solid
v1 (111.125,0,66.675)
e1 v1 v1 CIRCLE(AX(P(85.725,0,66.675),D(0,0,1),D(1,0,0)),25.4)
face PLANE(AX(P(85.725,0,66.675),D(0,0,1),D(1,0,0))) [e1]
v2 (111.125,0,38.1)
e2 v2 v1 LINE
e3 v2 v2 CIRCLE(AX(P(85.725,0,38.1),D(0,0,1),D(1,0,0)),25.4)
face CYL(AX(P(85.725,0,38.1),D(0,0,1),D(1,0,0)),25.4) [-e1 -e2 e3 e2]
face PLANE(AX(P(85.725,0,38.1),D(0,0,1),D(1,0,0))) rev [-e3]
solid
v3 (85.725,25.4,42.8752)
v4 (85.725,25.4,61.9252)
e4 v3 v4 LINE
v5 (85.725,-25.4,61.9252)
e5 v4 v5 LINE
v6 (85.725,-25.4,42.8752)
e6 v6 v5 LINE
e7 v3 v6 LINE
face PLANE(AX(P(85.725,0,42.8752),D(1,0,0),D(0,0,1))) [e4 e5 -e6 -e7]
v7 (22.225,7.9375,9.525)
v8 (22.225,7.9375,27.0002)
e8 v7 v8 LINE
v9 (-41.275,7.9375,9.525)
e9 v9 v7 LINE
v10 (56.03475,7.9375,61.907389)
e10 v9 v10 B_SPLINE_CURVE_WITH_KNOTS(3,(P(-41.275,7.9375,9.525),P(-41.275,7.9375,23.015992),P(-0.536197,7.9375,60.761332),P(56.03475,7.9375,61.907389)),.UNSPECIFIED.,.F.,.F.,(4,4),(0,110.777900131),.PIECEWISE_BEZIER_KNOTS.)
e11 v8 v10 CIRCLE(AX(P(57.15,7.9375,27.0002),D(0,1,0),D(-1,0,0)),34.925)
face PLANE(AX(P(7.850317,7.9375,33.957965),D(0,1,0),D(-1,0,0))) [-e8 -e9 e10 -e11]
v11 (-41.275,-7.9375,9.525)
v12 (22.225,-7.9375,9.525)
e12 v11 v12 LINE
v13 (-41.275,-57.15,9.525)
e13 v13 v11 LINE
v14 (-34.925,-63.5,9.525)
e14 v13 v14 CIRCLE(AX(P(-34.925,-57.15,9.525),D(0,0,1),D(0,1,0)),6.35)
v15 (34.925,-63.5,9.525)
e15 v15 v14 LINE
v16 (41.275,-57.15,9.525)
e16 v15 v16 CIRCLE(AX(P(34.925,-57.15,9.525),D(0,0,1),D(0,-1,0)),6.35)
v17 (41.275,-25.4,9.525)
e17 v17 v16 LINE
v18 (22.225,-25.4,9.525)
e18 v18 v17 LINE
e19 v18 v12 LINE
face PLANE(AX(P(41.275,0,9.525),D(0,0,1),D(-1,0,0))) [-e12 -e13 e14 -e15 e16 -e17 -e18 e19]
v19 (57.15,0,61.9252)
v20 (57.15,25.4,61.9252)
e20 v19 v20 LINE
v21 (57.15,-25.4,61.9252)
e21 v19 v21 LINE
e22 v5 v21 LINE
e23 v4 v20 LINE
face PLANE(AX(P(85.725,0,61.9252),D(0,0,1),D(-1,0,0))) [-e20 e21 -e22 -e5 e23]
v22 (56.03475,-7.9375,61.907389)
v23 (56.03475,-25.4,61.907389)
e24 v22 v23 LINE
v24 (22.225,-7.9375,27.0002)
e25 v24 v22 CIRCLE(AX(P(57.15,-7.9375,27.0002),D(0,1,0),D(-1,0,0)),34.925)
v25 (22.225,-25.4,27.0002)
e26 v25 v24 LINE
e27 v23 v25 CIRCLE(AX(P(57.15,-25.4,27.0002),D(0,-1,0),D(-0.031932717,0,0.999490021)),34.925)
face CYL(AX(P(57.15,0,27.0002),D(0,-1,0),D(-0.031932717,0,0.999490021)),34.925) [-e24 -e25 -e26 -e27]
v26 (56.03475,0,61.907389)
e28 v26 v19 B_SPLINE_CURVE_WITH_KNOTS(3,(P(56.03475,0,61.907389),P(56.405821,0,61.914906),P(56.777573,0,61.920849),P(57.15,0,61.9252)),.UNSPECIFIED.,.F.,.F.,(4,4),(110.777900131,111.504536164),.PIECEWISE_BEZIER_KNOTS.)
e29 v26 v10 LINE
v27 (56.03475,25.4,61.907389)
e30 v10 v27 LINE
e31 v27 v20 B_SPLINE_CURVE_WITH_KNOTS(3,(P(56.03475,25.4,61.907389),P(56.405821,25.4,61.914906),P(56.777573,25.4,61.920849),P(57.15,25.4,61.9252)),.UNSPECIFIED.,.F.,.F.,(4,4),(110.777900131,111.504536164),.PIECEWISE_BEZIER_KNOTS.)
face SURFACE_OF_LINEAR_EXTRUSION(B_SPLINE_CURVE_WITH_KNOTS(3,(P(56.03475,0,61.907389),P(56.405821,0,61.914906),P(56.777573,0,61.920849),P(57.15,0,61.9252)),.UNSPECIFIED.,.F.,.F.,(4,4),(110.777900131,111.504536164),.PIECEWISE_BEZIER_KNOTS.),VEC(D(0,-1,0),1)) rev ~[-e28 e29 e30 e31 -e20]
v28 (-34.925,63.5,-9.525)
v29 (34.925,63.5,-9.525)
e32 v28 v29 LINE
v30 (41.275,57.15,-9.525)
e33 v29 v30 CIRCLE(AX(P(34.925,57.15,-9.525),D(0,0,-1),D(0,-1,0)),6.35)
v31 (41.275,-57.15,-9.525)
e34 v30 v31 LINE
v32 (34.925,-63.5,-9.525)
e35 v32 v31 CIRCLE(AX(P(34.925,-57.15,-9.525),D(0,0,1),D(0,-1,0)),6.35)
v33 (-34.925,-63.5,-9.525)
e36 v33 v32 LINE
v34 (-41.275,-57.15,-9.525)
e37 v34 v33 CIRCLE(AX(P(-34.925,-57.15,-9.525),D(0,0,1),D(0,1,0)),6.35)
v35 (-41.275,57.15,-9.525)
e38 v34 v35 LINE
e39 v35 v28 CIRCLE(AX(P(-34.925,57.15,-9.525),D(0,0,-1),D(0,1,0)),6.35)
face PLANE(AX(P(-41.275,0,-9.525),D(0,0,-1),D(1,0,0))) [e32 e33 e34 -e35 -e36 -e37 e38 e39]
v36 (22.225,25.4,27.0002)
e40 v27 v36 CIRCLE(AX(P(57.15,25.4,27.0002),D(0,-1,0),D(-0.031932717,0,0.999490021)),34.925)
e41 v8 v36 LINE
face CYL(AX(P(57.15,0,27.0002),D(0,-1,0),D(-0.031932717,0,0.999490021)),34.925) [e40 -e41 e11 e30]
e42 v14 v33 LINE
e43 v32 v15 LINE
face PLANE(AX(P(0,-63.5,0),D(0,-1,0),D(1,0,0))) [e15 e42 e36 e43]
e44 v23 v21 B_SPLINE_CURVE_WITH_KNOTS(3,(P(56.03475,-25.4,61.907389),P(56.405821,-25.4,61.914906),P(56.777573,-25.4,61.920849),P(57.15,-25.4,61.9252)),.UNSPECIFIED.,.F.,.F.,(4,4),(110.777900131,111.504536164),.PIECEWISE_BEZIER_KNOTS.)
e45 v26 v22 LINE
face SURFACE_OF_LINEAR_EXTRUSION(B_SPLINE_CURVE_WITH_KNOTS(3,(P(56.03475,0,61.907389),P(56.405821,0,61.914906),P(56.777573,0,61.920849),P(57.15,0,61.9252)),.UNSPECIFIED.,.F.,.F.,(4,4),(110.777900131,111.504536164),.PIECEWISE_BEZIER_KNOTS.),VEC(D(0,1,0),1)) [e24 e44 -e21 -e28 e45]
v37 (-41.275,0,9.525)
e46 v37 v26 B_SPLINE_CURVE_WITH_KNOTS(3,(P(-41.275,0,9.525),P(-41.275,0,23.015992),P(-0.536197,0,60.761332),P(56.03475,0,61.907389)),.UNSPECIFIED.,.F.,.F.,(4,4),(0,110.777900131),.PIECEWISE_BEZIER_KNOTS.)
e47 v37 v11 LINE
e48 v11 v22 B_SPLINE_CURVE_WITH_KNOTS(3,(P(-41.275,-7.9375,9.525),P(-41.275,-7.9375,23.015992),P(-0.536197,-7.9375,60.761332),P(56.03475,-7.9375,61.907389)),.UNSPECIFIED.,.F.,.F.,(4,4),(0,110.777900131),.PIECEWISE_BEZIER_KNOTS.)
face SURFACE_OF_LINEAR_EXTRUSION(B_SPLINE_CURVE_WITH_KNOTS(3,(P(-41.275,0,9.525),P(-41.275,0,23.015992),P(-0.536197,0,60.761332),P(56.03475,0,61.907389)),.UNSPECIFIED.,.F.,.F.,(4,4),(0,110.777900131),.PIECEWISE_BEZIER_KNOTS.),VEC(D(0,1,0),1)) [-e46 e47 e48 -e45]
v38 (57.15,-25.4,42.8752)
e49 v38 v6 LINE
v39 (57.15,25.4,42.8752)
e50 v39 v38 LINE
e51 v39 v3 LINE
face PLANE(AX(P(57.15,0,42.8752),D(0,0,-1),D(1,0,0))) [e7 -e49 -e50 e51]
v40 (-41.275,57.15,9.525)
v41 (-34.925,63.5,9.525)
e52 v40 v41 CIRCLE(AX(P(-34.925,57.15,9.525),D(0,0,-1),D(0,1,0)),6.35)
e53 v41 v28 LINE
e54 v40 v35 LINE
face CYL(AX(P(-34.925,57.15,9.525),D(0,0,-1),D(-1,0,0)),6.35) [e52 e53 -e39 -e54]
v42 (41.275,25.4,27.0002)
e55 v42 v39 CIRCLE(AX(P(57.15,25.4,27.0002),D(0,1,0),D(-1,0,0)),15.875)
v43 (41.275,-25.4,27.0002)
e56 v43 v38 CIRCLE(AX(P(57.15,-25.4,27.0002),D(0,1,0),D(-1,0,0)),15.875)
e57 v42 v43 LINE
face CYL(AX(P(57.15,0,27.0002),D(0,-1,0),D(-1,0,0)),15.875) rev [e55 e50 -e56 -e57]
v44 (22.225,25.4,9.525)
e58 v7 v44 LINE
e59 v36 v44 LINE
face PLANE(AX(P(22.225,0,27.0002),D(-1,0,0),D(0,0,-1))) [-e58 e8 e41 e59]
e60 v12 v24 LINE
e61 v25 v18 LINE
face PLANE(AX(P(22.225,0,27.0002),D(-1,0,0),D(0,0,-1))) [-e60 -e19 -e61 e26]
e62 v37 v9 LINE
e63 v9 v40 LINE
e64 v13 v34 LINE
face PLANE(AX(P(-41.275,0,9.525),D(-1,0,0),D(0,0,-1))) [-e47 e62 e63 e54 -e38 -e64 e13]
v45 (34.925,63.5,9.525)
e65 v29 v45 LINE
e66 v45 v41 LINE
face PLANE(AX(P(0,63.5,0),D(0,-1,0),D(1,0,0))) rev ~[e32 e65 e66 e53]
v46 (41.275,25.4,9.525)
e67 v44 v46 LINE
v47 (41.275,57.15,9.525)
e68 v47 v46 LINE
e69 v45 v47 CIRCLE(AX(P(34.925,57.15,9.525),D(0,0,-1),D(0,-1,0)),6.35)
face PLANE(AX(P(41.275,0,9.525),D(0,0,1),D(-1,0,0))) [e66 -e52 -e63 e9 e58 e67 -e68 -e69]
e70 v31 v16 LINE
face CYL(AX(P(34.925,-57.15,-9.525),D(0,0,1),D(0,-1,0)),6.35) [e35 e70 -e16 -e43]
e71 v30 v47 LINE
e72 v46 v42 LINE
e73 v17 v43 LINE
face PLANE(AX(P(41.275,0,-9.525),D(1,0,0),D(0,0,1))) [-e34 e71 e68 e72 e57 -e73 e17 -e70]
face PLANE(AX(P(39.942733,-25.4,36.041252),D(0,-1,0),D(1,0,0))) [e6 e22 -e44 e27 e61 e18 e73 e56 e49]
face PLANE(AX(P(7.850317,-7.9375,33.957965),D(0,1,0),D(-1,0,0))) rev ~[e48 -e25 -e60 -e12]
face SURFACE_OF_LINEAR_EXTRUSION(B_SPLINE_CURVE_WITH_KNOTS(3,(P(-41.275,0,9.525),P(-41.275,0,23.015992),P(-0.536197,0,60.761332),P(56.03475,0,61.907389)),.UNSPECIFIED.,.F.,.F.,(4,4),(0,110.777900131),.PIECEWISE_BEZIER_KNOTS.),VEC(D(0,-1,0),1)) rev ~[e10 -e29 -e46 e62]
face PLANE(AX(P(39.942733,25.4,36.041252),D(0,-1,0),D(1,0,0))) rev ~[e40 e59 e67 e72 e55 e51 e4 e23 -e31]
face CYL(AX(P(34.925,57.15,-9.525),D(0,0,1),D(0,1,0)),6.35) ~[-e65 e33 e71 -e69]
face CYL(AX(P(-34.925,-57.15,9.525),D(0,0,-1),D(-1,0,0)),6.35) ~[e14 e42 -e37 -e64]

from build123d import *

# Parameters (mm, degrees)
F1_DEPTH = 63.5
F0_W     = 25.4
F0_H     = 19.05
F2_DEPTH = 25.4
F3_DEPTH = 7.9375
F5_R     = 6.35


with BuildPart() as f1:
    # F0 (on Front) → F1 (new body, symmetric)
    with BuildSketch(Plane.XZ):
        Polygon((-41.275, -9.525), (41.275, -9.525), (41.275, 9.525), (22.225, 9.525), (-41.275, 9.525), align=None)
    extrude(amount=F1_DEPTH, both=True)

    # F0 (on Front) → F2 (join, symmetric)
    with BuildSketch(Plane.XZ):
        with BuildLine():
            Line((22.225, 9.525), (41.275, 9.525))
            Line((41.275, 9.525), (41.275, 27.0002))
            ThreePointArc((41.275, 27.0002), (45.9246798487, 38.2255201513), (57.15, 42.8752))
            Line((57.15, 42.8752), (60.325, 42.8752))
            Line((60.325, 42.8752), (60.325, 61.9252))
            Line((60.325, 61.9252), (57.15, 61.9252))
            add(Edge.make_bspline(
                [(56.0347498693, 61.9073889751), (56.4058210674, 61.9149064167), (56.7775734541, 61.9208491497), (57.15, 61.9252)],
                knots=[110.777900131, 110.777900131, 110.777900131, 110.777900131, 111.5045361635, 111.5045361635, 111.5045361635, 111.5045361635], degree=3))
            ThreePointArc((56.0347498693, 61.9073889751), (32.063093696, 51.2984048121), (22.225, 27.0002))
            Line((22.225, 27.0002), (22.225, 9.525))
        make_face()
        with Locations((73.025, 52.4002)):
            Rectangle(F0_W, F0_H)
    extrude(amount=F2_DEPTH, both=True)

    # F0 (on Front) → F3 (join, symmetric)
    with BuildSketch(Plane.XZ):
        with BuildLine():
            add(Edge.make_bspline(
                [(-41.275, 9.525), (-41.275, 23.015992373), (-0.5361966411, 60.7613318692), (56.0347498693, 61.9073889751)],
                knots=[0, 0, 0, 0, 110.777900131, 110.777900131, 110.777900131, 110.777900131], degree=3))
            Line((-41.275, 9.525), (22.225, 9.525))
            Line((22.225, 9.525), (22.225, 27.0002))
            ThreePointArc((22.225, 27.0002), (32.063093696, 51.2984048121), (56.0347498693, 61.9073889751))
        make_face()
    extrude(amount=F3_DEPTH, both=True)

    # F5
    f5_edges = [f1.edges().sort_by_distance(p)[0] for p in [
        (41.275, -63.5, 0),
        (41.275, 63.5, 0),
        (-41.275, -63.5, 0),
        (-41.275, 63.5, 0),
    ]]
    fillet(f5_edges, radius=F5_R)


with BuildPart() as f4:
    # F0 (on Front) → F4 (revolve)
    with BuildSketch(Plane.XZ):
        Polygon((85.725, 61.9252), (85.725, 42.8752), (85.725, 38.1), (111.125, 38.1), (111.125, 66.675), (85.725, 66.675), align=None)
    revolve(axis=Axis((85.725, 0, 52.3875), (0, 0, 1)))


solid = Compound([f1.part, f4.part])
